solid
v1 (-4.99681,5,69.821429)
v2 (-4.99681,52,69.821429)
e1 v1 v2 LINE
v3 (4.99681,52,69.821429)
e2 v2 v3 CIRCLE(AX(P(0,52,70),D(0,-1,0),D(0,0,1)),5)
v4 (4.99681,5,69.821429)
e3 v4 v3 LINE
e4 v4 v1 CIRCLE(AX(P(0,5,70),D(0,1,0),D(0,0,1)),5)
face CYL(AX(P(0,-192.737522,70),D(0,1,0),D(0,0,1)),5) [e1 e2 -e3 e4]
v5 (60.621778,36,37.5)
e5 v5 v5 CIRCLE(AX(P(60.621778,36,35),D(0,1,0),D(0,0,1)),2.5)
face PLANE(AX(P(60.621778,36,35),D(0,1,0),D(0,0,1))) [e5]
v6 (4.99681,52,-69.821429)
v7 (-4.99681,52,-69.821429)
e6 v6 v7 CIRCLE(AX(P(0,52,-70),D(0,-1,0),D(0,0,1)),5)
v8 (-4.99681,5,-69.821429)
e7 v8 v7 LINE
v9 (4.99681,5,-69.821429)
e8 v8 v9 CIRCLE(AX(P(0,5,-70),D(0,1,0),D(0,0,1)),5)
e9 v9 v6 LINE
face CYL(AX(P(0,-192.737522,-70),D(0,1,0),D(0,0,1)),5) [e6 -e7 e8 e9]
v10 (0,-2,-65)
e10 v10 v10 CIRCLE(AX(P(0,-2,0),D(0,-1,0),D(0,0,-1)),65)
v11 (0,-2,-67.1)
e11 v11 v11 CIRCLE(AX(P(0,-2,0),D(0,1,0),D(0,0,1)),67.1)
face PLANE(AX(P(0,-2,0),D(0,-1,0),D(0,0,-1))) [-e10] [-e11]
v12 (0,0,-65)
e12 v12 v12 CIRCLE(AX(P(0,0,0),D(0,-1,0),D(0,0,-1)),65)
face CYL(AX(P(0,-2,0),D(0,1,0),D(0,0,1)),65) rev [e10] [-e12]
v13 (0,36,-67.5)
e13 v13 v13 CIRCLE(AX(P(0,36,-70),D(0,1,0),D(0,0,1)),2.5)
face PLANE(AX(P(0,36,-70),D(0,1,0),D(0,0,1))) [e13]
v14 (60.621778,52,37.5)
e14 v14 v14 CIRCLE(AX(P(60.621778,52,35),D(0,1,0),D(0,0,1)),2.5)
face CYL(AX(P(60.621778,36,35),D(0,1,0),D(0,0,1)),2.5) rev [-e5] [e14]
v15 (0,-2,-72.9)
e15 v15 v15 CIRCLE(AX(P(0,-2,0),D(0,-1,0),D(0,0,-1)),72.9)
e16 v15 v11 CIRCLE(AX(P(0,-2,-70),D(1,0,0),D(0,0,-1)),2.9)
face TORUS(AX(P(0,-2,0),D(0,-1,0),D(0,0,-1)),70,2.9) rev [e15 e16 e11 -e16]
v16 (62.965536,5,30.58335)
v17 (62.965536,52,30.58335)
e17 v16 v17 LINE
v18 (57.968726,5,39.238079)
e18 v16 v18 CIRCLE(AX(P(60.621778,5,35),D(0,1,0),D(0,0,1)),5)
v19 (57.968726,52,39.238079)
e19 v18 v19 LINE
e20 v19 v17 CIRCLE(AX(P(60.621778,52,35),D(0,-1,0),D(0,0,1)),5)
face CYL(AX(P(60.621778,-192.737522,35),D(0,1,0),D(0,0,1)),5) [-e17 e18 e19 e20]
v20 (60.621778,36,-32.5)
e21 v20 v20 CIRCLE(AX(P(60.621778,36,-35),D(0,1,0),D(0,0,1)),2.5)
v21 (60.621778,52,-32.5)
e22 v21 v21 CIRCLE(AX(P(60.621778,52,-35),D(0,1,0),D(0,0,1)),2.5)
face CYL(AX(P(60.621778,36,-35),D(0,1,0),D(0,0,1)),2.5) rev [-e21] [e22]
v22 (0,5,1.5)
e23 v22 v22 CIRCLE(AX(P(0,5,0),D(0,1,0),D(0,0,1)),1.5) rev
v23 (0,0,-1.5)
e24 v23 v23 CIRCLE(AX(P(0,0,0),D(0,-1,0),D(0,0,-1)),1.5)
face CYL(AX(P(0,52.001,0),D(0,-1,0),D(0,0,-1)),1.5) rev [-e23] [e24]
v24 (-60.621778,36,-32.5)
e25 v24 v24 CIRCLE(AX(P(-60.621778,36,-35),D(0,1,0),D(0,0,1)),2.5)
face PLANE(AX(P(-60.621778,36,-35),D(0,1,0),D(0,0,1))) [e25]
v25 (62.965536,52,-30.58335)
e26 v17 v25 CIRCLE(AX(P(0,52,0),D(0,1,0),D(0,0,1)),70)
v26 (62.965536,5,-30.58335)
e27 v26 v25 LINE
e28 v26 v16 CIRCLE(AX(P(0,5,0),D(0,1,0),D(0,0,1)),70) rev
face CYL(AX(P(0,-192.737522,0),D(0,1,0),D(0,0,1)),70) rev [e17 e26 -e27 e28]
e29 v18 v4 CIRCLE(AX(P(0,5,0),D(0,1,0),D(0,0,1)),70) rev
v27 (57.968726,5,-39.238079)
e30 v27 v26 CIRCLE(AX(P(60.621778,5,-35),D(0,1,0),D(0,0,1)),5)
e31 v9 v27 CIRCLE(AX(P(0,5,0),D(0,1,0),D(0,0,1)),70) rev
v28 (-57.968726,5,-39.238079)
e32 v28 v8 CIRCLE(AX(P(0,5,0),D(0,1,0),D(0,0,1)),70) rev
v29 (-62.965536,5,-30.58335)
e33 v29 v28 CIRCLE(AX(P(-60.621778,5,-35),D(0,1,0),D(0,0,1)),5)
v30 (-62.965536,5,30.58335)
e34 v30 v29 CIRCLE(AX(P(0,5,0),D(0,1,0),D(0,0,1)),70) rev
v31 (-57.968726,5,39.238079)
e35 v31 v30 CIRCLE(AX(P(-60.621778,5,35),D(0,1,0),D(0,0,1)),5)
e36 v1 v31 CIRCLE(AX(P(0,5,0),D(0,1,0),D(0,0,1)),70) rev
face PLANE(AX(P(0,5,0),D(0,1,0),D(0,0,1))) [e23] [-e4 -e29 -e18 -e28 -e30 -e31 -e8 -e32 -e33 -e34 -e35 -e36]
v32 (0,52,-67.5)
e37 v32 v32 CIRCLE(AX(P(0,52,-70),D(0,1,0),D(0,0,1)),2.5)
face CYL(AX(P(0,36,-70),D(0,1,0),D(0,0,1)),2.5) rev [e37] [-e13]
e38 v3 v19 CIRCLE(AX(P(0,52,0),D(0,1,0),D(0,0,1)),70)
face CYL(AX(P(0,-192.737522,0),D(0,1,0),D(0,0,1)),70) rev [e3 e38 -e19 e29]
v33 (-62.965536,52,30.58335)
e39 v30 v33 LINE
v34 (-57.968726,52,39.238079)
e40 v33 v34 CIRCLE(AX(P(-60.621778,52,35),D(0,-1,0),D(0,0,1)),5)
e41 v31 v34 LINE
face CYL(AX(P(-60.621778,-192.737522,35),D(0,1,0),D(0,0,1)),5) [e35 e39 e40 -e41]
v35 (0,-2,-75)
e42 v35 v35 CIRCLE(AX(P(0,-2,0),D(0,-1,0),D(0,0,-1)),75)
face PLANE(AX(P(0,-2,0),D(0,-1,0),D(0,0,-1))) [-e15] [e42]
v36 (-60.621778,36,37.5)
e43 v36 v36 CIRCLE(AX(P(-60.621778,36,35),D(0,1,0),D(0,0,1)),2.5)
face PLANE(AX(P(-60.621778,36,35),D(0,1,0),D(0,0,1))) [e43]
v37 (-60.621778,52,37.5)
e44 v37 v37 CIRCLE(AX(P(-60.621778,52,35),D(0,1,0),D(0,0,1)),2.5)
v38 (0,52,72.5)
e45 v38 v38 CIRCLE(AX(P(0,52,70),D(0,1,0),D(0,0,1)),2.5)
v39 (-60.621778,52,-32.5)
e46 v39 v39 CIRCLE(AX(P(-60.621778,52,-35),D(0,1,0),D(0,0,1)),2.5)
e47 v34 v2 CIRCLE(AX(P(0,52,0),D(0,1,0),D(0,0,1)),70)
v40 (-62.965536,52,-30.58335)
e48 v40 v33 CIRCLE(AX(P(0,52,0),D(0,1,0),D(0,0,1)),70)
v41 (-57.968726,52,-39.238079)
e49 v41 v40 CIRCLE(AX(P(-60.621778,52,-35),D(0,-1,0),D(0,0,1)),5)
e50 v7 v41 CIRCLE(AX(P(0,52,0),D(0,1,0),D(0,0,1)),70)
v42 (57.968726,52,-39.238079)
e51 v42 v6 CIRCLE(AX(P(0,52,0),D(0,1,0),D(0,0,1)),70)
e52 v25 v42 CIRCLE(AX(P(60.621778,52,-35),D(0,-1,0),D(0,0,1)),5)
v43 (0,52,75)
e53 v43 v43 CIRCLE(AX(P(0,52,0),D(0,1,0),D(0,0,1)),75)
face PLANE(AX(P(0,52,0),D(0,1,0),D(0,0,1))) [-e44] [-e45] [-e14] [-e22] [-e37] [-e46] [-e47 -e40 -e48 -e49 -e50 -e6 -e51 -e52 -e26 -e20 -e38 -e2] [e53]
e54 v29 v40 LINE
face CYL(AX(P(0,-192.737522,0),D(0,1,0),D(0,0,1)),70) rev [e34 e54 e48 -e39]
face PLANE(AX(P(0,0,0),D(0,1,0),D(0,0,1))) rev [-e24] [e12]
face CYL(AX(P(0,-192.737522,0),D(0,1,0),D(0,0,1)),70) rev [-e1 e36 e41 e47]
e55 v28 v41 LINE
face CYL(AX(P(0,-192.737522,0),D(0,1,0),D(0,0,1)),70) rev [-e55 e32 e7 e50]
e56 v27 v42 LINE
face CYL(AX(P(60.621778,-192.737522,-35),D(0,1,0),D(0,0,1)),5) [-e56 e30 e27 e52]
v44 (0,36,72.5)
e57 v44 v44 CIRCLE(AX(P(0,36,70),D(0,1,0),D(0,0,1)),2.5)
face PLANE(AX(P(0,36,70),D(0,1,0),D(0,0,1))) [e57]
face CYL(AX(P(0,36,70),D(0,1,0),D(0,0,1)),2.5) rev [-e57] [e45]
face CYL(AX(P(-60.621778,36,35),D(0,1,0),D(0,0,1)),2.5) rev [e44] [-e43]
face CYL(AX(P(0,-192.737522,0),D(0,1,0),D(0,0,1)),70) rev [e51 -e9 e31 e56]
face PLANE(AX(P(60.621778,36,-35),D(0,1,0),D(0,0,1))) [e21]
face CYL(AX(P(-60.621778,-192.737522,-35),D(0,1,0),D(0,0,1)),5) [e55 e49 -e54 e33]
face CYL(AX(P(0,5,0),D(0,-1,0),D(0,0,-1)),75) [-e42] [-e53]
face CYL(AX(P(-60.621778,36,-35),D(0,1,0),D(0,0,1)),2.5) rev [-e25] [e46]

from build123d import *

# Parameters (mm, degrees)
SKETCH1_R            = 75
BOSS_EXTRUDE1_DEPTH  = 5
SKETCH2_R            = 75
SKETCH2_R_2          = 65
BOSS_EXTRUDE2_DEPTH  = 47
SKETCH3_R            = 2.5
CUT_EXTRUDE1_DEPTH   = 16
CUT_EXTRUDE2_REACH   = 54
SKETCH4_R            = 1.5
SKETCH6_R            = 60
CUT_EXTRUDE3_DEPTH   = 47
SKETCH7_R            = 75
SKETCH7_R_2          = 65
BOSS_EXTRUDE3_DEPTH  = 2
CUT_SWEEP1_PROFILE_R = 2.9


with BuildPart() as part:
    # Sketch1 → Boss-Extrude1 (new body)
    with BuildSketch(Plane(origin=(0, 0, 0), x_dir=(1, 0, 0), z_dir=(0, 1, 0))):
        Circle(SKETCH1_R)
    extrude(amount=BOSS_EXTRUDE1_DEPTH)

    # Sketch2 → Boss-Extrude2 (add)
    with BuildSketch(Plane(origin=(0, 5, 0), x_dir=(1, 0, 0), z_dir=(0, 1, 0))):
        Circle(SKETCH2_R)
        Circle(SKETCH2_R_2, mode=Mode.SUBTRACT)
    extrude(amount=BOSS_EXTRUDE2_DEPTH)

    # Sketch3 → Cut-Extrude1 (cut)
    with BuildSketch(Plane(origin=(0, 52, 0), x_dir=(1, 0, 0), z_dir=(0, 1, 0))):
        with Locations((0, 70)):
            Circle(SKETCH3_R)
        with Locations((60.621778265, 35)):
            Circle(SKETCH3_R)
        with Locations((60.621778265, -35)):
            Circle(SKETCH3_R)
        with Locations((0, -70)):
            Circle(SKETCH3_R)
        with Locations((-60.621778265, -35)):
            Circle(SKETCH3_R)
        with Locations((-60.621778265, 35)):
            Circle(SKETCH3_R)
    extrude(amount=-CUT_EXTRUDE1_DEPTH, mode=Mode.SUBTRACT)

    # Sketch4 → Cut-Extrude2 (cut, up to next)
    with BuildSketch(Plane.XZ, mode=Mode.PRIVATE) as cut_extrude2_sk1:
        Circle(SKETCH4_R)
    cut_extrude2_tool1 = extrude(cut_extrude2_sk1.sketch, amount=-CUT_EXTRUDE2_REACH, mode=Mode.PRIVATE) & part.part
    add(cut_extrude2_tool1.solids().sort_by_distance((0, 0, 0))[0], mode=Mode.SUBTRACT)

    # Sketch6 → Cut-Extrude3 (cut)
    with BuildSketch(Plane(origin=(0, 52, 0), x_dir=(1, 0, 0), z_dir=(0, 1, 0))):
        with BuildLine():
            ThreePointArc((-62.965535975, 30.583349709), (-70, 0), (-62.965535975, -30.583349709))
            ThreePointArc((-62.965535975, -30.583349709), (-56.291651246, -32.5), (-57.968725768, -39.238078863))
            ThreePointArc((-57.968725768, -39.238078863), (-35, -60.621778265), (-4.996810207, -69.821428571))
            ThreePointArc((-4.996810207, -69.821428571), (0, -65), (4.996810207, -69.821428571))
            ThreePointArc((4.996810207, -69.821428571), (35, -60.621778265), (57.968725768, -39.238078863))
            ThreePointArc((57.968725768, -39.238078863), (56.291651246, -32.5), (62.965535975, -30.583349709))
            ThreePointArc((62.965535975, -30.583349709), (70, 0), (62.965535975, 30.583349709))
            ThreePointArc((62.965535975, 30.583349709), (56.291651246, 32.5), (57.968725768, 39.238078863))
            ThreePointArc((57.968725768, 39.238078863), (35, 60.621778265), (4.996810207, 69.821428571))
            ThreePointArc((4.996810207, 69.821428571), (0, 65), (-4.996810207, 69.821428571))
            ThreePointArc((-4.996810207, 69.821428571), (-35, 60.621778265), (-57.968725768, 39.238078863))
            ThreePointArc((-57.968725768, 39.238078863), (-56.291651246, 32.5), (-62.965535975, 30.583349709))
        make_face()
        Circle(SKETCH6_R, mode=Mode.SUBTRACT)
    extrude(amount=-CUT_EXTRUDE3_DEPTH, mode=Mode.SUBTRACT)

    # Sketch7 → Boss-Extrude3 (add)
    with BuildSketch(Plane.XZ):
        Circle(SKETCH7_R)
        Circle(SKETCH7_R_2, mode=Mode.SUBTRACT)
    extrude(amount=BOSS_EXTRUDE3_DEPTH)

    # Cut-Sweep1: sweep along a path in Sketch8
    with BuildLine(Plane.XZ.offset(2)) as cut_sweep1_path:
        CenterArc((0, 0), 70, 0, 360)
    # Cut-Sweep1 profile (on start of the path) → Cut-Sweep1 (sweep, cut)
    with BuildSketch(Plane(origin=(70, -2, 0), x_dir=(1, 0, 0), z_dir=(0, 0, 1))):
        Circle(CUT_SWEEP1_PROFILE_R)
    sweep(path=cut_sweep1_path.line, mode=Mode.SUBTRACT)


solid = part.part
